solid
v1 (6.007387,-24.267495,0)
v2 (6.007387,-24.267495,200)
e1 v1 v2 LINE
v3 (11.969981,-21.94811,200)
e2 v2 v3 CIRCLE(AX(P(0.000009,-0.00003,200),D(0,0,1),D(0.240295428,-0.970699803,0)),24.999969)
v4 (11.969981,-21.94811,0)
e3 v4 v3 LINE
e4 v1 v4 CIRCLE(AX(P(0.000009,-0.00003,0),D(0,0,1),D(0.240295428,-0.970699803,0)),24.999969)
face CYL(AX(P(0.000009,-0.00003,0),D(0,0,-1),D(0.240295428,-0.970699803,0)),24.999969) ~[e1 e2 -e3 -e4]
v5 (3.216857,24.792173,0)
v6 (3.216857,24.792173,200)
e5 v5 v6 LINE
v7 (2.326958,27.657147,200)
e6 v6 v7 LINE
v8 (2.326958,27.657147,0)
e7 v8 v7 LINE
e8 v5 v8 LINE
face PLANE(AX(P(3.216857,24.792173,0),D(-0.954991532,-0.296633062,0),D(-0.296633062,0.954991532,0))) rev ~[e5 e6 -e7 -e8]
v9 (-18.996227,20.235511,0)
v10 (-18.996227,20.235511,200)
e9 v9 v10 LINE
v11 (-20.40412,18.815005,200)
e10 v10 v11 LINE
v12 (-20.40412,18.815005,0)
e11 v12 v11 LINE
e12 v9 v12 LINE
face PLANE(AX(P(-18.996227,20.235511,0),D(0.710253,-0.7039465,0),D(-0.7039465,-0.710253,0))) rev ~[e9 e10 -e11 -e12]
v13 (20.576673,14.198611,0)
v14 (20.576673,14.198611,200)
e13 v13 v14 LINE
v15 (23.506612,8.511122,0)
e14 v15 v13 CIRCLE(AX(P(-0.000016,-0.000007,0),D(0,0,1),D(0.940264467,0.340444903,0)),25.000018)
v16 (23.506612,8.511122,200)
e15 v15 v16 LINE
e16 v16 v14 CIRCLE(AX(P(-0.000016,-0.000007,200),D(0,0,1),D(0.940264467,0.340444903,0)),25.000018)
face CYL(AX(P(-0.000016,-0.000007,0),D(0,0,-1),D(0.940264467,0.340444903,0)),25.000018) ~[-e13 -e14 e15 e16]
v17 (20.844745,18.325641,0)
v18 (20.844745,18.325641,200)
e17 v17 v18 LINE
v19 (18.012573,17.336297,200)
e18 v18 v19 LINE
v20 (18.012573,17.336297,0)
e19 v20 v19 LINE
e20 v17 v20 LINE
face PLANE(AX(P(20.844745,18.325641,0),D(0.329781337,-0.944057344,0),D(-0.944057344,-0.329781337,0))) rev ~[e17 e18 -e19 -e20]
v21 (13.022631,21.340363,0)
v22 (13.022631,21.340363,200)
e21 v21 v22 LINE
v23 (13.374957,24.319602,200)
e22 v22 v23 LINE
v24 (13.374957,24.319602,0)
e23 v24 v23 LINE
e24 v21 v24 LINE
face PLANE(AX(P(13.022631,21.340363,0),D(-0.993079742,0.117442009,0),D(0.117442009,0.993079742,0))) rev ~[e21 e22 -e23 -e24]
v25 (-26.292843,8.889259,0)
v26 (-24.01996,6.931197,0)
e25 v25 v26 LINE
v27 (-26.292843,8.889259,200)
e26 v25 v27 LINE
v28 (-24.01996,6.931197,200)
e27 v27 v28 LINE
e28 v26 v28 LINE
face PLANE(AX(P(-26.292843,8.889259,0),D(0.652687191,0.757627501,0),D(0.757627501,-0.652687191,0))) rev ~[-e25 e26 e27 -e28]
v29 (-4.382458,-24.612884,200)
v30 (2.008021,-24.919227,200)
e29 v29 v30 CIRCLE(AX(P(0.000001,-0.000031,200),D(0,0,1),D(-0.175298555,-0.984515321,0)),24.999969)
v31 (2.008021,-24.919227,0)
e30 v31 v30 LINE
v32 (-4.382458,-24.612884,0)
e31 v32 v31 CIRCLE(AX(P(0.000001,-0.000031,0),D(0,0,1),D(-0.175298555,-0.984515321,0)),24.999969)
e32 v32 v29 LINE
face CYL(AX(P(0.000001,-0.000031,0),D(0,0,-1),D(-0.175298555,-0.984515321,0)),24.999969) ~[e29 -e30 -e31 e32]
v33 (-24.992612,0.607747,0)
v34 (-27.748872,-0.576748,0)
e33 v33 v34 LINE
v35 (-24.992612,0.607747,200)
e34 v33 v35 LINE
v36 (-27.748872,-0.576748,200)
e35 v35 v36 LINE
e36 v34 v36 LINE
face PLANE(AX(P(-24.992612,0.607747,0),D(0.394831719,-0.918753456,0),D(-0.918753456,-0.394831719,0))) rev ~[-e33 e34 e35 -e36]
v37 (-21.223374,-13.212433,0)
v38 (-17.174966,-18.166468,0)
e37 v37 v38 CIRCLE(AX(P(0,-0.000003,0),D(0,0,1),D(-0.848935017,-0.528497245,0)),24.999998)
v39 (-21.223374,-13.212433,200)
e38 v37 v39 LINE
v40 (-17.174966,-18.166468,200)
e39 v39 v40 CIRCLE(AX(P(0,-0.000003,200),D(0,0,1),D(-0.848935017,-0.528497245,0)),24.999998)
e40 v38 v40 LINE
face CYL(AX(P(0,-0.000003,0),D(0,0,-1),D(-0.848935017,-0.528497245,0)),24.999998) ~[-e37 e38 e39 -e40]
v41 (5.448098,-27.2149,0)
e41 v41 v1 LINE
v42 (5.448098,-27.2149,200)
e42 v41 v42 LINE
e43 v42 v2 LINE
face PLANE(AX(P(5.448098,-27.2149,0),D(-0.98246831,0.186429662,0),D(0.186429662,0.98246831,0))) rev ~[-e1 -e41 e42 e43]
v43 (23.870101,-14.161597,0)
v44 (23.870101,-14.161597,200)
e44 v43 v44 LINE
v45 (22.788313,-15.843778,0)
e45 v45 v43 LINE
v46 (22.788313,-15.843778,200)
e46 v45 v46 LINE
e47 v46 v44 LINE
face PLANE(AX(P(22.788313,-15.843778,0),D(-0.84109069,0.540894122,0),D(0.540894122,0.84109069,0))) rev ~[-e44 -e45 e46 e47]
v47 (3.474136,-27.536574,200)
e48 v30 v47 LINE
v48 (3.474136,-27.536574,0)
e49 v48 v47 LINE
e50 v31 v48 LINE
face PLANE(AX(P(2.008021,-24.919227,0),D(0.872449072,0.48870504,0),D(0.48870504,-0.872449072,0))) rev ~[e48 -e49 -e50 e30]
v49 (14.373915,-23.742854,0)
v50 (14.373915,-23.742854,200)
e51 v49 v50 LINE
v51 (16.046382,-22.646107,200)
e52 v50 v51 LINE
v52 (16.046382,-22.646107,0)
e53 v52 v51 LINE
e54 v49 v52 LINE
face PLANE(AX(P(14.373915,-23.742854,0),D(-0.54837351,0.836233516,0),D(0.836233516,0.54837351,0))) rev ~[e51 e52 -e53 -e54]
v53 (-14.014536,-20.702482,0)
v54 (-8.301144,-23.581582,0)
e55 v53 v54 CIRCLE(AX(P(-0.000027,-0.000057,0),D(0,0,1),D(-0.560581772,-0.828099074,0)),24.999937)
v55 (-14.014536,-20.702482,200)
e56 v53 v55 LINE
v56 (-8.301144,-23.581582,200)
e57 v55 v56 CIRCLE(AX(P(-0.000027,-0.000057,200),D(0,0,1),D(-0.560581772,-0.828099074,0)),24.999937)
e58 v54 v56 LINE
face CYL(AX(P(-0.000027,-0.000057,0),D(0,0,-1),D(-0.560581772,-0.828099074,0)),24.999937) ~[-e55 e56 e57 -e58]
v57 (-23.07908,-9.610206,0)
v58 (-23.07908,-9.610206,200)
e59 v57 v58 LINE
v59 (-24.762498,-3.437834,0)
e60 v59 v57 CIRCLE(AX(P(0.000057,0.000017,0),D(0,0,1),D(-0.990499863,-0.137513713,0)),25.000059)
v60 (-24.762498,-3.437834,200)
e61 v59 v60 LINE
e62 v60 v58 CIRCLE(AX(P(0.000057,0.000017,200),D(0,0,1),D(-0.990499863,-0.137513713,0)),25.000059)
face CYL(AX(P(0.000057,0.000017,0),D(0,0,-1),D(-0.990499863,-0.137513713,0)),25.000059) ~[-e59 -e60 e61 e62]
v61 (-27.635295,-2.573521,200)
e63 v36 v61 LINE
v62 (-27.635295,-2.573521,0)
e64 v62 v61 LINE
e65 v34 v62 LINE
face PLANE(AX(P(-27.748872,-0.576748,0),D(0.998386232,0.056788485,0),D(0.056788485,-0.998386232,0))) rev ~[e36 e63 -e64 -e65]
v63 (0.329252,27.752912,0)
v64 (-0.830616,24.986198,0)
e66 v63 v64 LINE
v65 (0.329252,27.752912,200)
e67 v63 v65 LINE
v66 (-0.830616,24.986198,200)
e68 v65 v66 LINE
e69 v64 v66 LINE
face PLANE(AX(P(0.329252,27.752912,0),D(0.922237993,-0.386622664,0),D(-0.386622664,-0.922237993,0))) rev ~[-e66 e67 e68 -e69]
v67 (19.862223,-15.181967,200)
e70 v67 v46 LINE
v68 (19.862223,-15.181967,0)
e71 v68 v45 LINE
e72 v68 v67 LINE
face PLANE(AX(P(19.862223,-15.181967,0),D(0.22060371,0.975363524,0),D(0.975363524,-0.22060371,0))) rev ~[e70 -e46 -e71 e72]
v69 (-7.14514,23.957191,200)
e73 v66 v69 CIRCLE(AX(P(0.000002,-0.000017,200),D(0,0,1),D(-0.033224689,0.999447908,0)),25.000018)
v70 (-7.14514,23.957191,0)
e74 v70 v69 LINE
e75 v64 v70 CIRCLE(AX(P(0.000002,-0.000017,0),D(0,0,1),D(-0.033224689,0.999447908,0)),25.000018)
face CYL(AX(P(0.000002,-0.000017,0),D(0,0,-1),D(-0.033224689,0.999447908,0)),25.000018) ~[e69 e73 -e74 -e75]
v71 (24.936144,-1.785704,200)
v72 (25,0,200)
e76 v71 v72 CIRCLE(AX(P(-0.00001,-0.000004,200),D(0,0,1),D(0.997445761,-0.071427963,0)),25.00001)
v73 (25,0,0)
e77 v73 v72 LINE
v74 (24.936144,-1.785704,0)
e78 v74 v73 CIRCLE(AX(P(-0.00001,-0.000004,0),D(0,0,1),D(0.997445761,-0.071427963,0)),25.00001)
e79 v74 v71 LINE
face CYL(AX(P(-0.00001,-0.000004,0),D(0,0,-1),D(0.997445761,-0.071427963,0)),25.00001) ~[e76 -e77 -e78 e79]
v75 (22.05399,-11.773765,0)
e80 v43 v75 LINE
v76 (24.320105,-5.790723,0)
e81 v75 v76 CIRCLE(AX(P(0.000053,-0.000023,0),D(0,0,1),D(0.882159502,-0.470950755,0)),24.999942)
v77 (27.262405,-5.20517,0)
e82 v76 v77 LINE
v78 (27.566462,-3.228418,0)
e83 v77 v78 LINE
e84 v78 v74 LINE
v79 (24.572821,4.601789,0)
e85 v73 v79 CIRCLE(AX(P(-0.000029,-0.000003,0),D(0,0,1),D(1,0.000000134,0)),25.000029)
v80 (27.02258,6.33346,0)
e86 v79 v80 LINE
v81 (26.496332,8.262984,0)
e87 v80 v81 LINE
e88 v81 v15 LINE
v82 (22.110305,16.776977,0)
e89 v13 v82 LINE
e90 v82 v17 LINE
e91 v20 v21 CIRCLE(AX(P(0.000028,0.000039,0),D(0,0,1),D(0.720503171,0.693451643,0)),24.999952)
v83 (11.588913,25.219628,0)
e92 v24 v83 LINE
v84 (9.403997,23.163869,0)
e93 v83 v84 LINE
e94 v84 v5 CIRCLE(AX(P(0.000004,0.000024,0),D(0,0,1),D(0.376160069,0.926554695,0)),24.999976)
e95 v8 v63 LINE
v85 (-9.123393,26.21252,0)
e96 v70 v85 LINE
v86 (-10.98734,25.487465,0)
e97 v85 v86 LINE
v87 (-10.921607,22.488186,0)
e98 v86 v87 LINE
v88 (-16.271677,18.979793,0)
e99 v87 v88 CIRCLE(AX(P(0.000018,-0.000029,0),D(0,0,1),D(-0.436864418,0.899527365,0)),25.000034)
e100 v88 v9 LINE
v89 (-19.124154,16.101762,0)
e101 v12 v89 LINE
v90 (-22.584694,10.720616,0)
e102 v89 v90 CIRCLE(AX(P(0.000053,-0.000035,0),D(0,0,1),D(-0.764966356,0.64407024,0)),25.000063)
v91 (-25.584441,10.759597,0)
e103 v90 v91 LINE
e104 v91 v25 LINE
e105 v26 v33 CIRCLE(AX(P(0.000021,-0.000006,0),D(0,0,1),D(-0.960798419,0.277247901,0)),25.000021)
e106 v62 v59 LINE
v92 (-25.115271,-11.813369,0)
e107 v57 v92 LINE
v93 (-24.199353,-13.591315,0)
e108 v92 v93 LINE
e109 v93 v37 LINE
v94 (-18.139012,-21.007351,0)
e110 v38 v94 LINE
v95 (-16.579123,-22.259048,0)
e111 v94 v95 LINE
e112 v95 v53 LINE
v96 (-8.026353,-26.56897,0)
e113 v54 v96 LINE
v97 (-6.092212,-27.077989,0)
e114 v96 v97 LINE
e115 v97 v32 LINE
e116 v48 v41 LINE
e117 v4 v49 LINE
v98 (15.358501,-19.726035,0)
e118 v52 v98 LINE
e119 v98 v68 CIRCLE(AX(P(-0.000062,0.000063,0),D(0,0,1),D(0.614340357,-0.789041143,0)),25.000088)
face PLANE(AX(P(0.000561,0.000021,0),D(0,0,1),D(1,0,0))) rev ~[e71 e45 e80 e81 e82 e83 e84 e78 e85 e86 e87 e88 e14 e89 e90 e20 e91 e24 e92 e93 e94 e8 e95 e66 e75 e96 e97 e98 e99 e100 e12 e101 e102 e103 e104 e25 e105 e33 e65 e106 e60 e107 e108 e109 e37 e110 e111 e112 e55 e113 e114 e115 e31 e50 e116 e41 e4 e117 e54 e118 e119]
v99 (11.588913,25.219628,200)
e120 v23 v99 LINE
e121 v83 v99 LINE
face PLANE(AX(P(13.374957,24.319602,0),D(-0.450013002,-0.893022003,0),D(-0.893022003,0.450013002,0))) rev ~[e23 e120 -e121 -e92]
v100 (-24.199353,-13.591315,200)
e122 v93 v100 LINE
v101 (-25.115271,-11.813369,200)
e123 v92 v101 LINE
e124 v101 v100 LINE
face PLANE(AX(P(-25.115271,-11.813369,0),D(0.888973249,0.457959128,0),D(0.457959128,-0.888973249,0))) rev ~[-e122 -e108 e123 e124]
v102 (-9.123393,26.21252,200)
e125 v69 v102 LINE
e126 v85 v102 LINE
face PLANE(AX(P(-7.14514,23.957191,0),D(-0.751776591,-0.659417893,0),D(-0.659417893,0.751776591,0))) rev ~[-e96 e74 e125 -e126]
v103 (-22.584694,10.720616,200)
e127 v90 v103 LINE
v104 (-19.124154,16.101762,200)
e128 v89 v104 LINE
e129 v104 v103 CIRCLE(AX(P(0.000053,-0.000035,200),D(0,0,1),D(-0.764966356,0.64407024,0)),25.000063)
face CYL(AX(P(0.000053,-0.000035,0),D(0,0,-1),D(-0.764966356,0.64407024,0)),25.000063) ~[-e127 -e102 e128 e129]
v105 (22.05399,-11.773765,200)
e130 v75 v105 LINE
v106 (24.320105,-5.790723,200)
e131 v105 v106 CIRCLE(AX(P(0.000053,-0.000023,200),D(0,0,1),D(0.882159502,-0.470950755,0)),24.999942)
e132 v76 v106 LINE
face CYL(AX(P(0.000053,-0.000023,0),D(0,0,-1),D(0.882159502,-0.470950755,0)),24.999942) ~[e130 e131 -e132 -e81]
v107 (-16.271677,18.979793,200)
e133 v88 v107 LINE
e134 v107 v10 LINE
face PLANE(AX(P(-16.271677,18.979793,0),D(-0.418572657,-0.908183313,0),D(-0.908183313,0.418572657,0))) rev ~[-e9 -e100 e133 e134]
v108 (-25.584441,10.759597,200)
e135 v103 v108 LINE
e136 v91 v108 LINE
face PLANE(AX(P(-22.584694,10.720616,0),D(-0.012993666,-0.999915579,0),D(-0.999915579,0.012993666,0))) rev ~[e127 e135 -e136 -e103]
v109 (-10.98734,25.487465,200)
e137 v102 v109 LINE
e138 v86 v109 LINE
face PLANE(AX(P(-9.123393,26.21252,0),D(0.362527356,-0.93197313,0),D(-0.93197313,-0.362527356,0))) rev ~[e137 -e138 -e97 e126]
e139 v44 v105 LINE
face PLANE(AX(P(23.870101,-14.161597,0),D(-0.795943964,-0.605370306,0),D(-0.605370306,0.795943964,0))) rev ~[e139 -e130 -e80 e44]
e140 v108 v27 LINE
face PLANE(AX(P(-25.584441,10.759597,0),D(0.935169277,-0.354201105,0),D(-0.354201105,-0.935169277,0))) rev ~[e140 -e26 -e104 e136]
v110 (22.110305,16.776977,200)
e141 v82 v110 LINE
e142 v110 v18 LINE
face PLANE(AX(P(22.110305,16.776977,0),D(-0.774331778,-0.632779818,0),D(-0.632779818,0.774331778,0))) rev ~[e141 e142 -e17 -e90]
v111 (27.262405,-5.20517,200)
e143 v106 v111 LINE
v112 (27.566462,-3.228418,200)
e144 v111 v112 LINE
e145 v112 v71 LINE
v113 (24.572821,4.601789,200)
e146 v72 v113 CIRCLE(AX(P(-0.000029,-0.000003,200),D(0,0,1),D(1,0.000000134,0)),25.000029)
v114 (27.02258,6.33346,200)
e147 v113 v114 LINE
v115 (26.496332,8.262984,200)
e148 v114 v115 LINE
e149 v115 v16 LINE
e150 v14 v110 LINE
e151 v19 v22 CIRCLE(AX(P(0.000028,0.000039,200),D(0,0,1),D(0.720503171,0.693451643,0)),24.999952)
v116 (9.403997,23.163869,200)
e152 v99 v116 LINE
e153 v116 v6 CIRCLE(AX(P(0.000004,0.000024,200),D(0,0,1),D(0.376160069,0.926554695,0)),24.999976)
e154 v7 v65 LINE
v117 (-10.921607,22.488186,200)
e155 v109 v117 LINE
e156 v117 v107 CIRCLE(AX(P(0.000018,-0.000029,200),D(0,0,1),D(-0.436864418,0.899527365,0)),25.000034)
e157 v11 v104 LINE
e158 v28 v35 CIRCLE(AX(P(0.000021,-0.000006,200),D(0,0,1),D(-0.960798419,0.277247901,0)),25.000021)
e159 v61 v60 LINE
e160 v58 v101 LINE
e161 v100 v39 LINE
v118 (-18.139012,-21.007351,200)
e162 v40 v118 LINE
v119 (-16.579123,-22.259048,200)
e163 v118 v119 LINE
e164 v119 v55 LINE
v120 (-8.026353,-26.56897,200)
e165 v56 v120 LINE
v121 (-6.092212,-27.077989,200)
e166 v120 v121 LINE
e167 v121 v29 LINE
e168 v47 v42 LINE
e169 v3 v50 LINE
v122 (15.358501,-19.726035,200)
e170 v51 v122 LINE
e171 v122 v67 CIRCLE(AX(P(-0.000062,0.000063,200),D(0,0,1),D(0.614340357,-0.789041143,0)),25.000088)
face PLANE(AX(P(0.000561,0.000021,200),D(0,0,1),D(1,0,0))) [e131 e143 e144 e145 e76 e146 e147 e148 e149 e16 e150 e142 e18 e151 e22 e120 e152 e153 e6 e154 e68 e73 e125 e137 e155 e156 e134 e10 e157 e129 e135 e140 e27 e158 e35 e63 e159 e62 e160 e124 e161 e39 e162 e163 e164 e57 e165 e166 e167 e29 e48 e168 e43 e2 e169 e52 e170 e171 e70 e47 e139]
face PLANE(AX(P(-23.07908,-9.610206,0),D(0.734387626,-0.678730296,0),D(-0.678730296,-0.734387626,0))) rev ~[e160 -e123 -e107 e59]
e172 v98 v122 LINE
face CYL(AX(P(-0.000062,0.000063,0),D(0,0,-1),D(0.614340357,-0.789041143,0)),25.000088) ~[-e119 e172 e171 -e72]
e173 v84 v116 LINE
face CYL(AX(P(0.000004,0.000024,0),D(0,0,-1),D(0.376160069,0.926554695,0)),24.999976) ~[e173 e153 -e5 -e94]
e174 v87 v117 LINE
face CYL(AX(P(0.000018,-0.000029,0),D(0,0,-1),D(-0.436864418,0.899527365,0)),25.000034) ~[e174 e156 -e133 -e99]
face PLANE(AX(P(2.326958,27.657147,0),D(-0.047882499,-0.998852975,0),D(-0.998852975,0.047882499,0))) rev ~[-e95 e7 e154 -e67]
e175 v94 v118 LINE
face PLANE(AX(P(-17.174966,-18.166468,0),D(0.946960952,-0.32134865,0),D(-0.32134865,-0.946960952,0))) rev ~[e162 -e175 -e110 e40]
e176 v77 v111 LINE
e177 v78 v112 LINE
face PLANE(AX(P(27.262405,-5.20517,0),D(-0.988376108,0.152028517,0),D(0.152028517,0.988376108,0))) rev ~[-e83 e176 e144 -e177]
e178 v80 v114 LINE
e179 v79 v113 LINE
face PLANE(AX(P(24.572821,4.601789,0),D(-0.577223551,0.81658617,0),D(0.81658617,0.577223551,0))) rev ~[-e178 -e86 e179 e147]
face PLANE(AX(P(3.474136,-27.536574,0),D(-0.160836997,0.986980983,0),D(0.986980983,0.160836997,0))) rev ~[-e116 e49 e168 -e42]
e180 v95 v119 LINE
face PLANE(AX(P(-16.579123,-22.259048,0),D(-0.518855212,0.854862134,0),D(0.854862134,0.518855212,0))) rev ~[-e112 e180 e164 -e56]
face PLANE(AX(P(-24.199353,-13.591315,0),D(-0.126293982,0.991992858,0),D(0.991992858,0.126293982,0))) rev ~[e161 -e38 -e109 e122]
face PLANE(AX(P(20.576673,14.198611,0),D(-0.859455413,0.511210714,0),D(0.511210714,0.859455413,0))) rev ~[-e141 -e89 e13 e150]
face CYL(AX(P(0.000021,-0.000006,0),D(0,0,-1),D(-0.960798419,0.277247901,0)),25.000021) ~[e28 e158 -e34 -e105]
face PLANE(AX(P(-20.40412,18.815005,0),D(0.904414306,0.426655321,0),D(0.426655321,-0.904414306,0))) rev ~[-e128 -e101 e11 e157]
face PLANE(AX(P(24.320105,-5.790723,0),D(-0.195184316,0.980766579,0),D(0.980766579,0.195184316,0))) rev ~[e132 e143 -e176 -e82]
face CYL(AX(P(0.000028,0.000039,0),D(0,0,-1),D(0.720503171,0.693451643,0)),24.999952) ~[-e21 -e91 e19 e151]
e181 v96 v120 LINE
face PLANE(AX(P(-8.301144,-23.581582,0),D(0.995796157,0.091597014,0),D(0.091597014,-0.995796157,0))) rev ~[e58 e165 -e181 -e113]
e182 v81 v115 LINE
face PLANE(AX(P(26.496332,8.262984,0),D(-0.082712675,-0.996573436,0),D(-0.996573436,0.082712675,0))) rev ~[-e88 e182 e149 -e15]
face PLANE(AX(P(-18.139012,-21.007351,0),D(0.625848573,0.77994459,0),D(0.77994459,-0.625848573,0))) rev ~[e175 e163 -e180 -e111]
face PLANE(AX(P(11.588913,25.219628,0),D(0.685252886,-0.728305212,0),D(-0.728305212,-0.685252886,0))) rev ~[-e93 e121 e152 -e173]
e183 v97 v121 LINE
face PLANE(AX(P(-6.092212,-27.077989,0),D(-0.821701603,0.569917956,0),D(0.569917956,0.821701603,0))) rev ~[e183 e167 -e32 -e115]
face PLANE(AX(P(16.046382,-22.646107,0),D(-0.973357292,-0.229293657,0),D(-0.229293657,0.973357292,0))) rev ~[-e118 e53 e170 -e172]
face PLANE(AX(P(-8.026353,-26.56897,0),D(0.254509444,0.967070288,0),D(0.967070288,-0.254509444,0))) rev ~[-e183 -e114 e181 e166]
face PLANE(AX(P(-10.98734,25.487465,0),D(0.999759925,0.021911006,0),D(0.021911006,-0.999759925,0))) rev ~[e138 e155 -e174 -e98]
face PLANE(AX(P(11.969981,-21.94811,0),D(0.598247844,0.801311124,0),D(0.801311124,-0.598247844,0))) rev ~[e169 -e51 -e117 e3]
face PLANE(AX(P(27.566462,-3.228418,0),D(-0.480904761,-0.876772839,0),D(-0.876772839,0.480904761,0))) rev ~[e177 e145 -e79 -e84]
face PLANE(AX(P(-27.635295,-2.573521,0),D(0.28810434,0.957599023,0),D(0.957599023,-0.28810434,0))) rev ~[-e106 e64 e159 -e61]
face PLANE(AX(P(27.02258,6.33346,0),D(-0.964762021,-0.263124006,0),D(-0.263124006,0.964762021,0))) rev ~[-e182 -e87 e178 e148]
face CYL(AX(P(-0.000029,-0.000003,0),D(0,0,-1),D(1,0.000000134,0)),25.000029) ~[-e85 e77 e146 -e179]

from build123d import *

# Parameters (mm, degrees)
F1_DEPTH = 200


with BuildPart() as f1:
    # F0 (on Top) → F1 (new body)
    with BuildSketch(Plane.XY):
        with BuildLine():
            ThreePointArc((24.936144, -1.785704), (24.984031, -0.893422), (25, 0))
            ThreePointArc((25, 0), (24.892976, 2.310787), (24.572821, 4.601789))
            ThreePointArc((24.572821, 4.601789), (24.119052, 6.578093), (23.506612, 8.511122))
            ThreePointArc((23.506612, 8.511122), (22.224331, 11.448979), (20.576673, 14.198611))
            ThreePointArc((20.576673, 14.198611), (19.358299, 15.81949), (18.012573, 17.336297))
            ThreePointArc((18.012573, 17.336297), (15.646217, 19.498613), (13.022631, 21.340363))
            ThreePointArc((13.022631, 21.340363), (11.25032, 22.325553), (9.403997, 23.163869))
            ThreePointArc((9.403997, 23.163869), (6.36273, 24.176759), (3.216857, 24.792173))
            ThreePointArc((3.216857, 24.792173), (1.197059, 24.971325), (-0.830616, 24.986198))
            ThreePointArc((-0.830616, 24.986198), (-4.02093, 24.674524), (-7.14514, 23.957191))
            ThreePointArc((-7.14514, 23.957191), (-9.063185, 23.299328), (-10.921607, 22.488186))
            ThreePointArc((-10.921607, 22.488186), (-13.709336, 20.905839), (-16.271677, 18.979793))
            ThreePointArc((-16.271677, 18.979793), (-17.756322, 17.598665), (-19.124154, 16.101762))
            ThreePointArc((-19.124154, 16.101762), (-21.027272, 13.522345), (-22.584694, 10.720616))
            ThreePointArc((-22.584694, 10.720616), (-23.37923, 8.855034), (-24.01996, 6.931197))
            ThreePointArc((-24.01996, 6.931197), (-24.709402, 3.800715), (-24.992612, 0.607747))
            ThreePointArc((-24.992612, 0.607747), (-24.959656, -1.419713), (-24.762498, -3.437834))
            ThreePointArc((-24.762498, -3.437834), (-24.119052, -6.578093), (-23.07908, -9.610206))
            ThreePointArc((-23.07908, -9.610206), (-22.224331, -11.448979), (-21.223374, -13.212433))
            ThreePointArc((-21.223374, -13.212433), (-19.358299, -15.81949), (-17.174966, -18.166468))
            ThreePointArc((-17.174966, -18.166468), (-15.646217, -19.498613), (-14.014536, -20.702482))
            ThreePointArc((-14.014536, -20.702482), (-11.25032, -22.325553), (-8.301144, -23.581582))
            ThreePointArc((-8.301144, -23.581582), (-6.36273, -24.176759), (-4.382458, -24.612884))
            ThreePointArc((-4.382458, -24.612884), (-1.197059, -24.971325), (2.008021, -24.919227))
            ThreePointArc((2.008021, -24.919227), (4.02093, -24.674524), (6.007387, -24.267495))
            ThreePointArc((6.007387, -24.267495), (9.063185, -23.299328), (11.969981, -21.94811))
            ThreePointArc((11.969981, -21.94811), (13.709336, -20.905839), (15.358501, -19.726035))
            ThreePointArc((15.358501, -19.726035), (17.756322, -17.598665), (19.862223, -15.181967))
            ThreePointArc((19.862223, -15.181967), (21.027272, -13.522345), (22.05399, -11.773765))
            ThreePointArc((22.05399, -11.773765), (23.37923, -8.855034), (24.320105, -5.790723))
            ThreePointArc((24.320105, -5.790723), (24.709402, -3.800715), (24.936144, -1.785704))
        make_face()
        with BuildLine():
            ThreePointArc((-24.762498, -3.437834), (-24.959656, -1.419713), (-24.992612, 0.607747))
            Line((-24.992612, 0.607747), (-27.748872, -0.576748))
            Line((-27.748872, -0.576748), (-27.635295, -2.573521))
            Line((-27.635295, -2.573521), (-24.762498, -3.437834))
        make_face()
        with BuildLine():
            ThreePointArc((23.506612, 8.511122), (24.119052, 6.578093), (24.572821, 4.601789))
            Line((24.572821, 4.601789), (27.02258, 6.33346))
            Line((27.02258, 6.33346), (26.496332, 8.262984))
            Line((26.496332, 8.262984), (23.506612, 8.511122))
        make_face()
        with BuildLine():
            ThreePointArc((18.012573, 17.336297), (19.358299, 15.81949), (20.576673, 14.198611))
            Line((20.576673, 14.198611), (22.110305, 16.776977))
            Line((22.110305, 16.776977), (20.844745, 18.325641))
            Line((20.844745, 18.325641), (18.012573, 17.336297))
        make_face()
        with BuildLine():
            ThreePointArc((9.403997, 23.163869), (11.25032, 22.325553), (13.022631, 21.340363))
            Line((13.022631, 21.340363), (13.374957, 24.319602))
            Line((13.374957, 24.319602), (11.588913, 25.219628))
            Line((11.588913, 25.219628), (9.403997, 23.163869))
        make_face()
        with BuildLine():
            ThreePointArc((-0.830616, 24.986198), (1.197059, 24.971325), (3.216857, 24.792173))
            Line((3.216857, 24.792173), (2.326958, 27.657147))
            Line((2.326958, 27.657147), (0.329252, 27.752912))
            Line((0.329252, 27.752912), (-0.830616, 24.986198))
        make_face()
        with BuildLine():
            ThreePointArc((-10.921607, 22.488186), (-9.063185, 23.299328), (-7.14514, 23.957191))
            Line((-7.14514, 23.957191), (-9.123393, 26.21252))
            Line((-9.123393, 26.21252), (-10.98734, 25.487465))
            Line((-10.98734, 25.487465), (-10.921607, 22.488186))
        make_face()
        with BuildLine():
            ThreePointArc((-19.124154, 16.101762), (-17.756322, 17.598665), (-16.271677, 18.979793))
            Line((-16.271677, 18.979793), (-18.996227, 20.235511))
            Line((-18.996227, 20.235511), (-20.40412, 18.815005))
            Line((-20.40412, 18.815005), (-19.124154, 16.101762))
        make_face()
        with BuildLine():
            Line((16.046382, -22.646107), (15.358501, -19.726035))
            ThreePointArc((15.358501, -19.726035), (13.709336, -20.905839), (11.969981, -21.94811))
            Line((11.969981, -21.94811), (14.373915, -23.742854))
            Line((14.373915, -23.742854), (16.046382, -22.646107))
        make_face()
        with BuildLine():
            Line((23.870101, -14.161597), (22.05399, -11.773765))
            ThreePointArc((22.05399, -11.773765), (21.027272, -13.522345), (19.862223, -15.181967))
            Line((19.862223, -15.181967), (22.788313, -15.843778))
            Line((22.788313, -15.843778), (23.870101, -14.161597))
        make_face()
        with BuildLine():
            Line((27.566462, -3.228418), (24.936144, -1.785704))
            ThreePointArc((24.936144, -1.785704), (24.709402, -3.800715), (24.320105, -5.790723))
            Line((24.320105, -5.790723), (27.262405, -5.20517))
            Line((27.262405, -5.20517), (27.566462, -3.228418))
        make_face()
        with BuildLine():
            Line((5.448098, -27.2149), (6.007387, -24.267495))
            ThreePointArc((6.007387, -24.267495), (4.02093, -24.674524), (2.008021, -24.919227))
            Line((2.008021, -24.919227), (3.474136, -27.536574))
            Line((3.474136, -27.536574), (5.448098, -27.2149))
        make_face()
        with BuildLine():
            Line((-6.092212, -27.077989), (-4.382458, -24.612884))
            ThreePointArc((-4.382458, -24.612884), (-6.36273, -24.176759), (-8.301144, -23.581582))
            Line((-8.301144, -23.581582), (-8.026353, -26.56897))
            Line((-8.026353, -26.56897), (-6.092212, -27.077989))
        make_face()
        with BuildLine():
            Line((-16.579123, -22.259048), (-14.014536, -20.702482))
            ThreePointArc((-14.014536, -20.702482), (-15.646217, -19.498613), (-17.174966, -18.166468))
            Line((-17.174966, -18.166468), (-18.139012, -21.007351))
            Line((-18.139012, -21.007351), (-16.579123, -22.259048))
        make_face()
        with BuildLine():
            Line((-24.199353, -13.591315), (-21.223374, -13.212433))
            ThreePointArc((-21.223374, -13.212433), (-22.224331, -11.448979), (-23.07908, -9.610206))
            Line((-23.07908, -9.610206), (-25.115271, -11.813369))
            Line((-25.115271, -11.813369), (-24.199353, -13.591315))
        make_face()
        with BuildLine():
            ThreePointArc((-24.01996, 6.931197), (-23.37923, 8.855034), (-22.584694, 10.720616))
            Line((-22.584694, 10.720616), (-25.584441, 10.759597))
            Line((-25.584441, 10.759597), (-26.292843, 8.889259))
            Line((-26.292843, 8.889259), (-24.01996, 6.931197))
        make_face()
    extrude(amount=F1_DEPTH)


solid = f1.part
